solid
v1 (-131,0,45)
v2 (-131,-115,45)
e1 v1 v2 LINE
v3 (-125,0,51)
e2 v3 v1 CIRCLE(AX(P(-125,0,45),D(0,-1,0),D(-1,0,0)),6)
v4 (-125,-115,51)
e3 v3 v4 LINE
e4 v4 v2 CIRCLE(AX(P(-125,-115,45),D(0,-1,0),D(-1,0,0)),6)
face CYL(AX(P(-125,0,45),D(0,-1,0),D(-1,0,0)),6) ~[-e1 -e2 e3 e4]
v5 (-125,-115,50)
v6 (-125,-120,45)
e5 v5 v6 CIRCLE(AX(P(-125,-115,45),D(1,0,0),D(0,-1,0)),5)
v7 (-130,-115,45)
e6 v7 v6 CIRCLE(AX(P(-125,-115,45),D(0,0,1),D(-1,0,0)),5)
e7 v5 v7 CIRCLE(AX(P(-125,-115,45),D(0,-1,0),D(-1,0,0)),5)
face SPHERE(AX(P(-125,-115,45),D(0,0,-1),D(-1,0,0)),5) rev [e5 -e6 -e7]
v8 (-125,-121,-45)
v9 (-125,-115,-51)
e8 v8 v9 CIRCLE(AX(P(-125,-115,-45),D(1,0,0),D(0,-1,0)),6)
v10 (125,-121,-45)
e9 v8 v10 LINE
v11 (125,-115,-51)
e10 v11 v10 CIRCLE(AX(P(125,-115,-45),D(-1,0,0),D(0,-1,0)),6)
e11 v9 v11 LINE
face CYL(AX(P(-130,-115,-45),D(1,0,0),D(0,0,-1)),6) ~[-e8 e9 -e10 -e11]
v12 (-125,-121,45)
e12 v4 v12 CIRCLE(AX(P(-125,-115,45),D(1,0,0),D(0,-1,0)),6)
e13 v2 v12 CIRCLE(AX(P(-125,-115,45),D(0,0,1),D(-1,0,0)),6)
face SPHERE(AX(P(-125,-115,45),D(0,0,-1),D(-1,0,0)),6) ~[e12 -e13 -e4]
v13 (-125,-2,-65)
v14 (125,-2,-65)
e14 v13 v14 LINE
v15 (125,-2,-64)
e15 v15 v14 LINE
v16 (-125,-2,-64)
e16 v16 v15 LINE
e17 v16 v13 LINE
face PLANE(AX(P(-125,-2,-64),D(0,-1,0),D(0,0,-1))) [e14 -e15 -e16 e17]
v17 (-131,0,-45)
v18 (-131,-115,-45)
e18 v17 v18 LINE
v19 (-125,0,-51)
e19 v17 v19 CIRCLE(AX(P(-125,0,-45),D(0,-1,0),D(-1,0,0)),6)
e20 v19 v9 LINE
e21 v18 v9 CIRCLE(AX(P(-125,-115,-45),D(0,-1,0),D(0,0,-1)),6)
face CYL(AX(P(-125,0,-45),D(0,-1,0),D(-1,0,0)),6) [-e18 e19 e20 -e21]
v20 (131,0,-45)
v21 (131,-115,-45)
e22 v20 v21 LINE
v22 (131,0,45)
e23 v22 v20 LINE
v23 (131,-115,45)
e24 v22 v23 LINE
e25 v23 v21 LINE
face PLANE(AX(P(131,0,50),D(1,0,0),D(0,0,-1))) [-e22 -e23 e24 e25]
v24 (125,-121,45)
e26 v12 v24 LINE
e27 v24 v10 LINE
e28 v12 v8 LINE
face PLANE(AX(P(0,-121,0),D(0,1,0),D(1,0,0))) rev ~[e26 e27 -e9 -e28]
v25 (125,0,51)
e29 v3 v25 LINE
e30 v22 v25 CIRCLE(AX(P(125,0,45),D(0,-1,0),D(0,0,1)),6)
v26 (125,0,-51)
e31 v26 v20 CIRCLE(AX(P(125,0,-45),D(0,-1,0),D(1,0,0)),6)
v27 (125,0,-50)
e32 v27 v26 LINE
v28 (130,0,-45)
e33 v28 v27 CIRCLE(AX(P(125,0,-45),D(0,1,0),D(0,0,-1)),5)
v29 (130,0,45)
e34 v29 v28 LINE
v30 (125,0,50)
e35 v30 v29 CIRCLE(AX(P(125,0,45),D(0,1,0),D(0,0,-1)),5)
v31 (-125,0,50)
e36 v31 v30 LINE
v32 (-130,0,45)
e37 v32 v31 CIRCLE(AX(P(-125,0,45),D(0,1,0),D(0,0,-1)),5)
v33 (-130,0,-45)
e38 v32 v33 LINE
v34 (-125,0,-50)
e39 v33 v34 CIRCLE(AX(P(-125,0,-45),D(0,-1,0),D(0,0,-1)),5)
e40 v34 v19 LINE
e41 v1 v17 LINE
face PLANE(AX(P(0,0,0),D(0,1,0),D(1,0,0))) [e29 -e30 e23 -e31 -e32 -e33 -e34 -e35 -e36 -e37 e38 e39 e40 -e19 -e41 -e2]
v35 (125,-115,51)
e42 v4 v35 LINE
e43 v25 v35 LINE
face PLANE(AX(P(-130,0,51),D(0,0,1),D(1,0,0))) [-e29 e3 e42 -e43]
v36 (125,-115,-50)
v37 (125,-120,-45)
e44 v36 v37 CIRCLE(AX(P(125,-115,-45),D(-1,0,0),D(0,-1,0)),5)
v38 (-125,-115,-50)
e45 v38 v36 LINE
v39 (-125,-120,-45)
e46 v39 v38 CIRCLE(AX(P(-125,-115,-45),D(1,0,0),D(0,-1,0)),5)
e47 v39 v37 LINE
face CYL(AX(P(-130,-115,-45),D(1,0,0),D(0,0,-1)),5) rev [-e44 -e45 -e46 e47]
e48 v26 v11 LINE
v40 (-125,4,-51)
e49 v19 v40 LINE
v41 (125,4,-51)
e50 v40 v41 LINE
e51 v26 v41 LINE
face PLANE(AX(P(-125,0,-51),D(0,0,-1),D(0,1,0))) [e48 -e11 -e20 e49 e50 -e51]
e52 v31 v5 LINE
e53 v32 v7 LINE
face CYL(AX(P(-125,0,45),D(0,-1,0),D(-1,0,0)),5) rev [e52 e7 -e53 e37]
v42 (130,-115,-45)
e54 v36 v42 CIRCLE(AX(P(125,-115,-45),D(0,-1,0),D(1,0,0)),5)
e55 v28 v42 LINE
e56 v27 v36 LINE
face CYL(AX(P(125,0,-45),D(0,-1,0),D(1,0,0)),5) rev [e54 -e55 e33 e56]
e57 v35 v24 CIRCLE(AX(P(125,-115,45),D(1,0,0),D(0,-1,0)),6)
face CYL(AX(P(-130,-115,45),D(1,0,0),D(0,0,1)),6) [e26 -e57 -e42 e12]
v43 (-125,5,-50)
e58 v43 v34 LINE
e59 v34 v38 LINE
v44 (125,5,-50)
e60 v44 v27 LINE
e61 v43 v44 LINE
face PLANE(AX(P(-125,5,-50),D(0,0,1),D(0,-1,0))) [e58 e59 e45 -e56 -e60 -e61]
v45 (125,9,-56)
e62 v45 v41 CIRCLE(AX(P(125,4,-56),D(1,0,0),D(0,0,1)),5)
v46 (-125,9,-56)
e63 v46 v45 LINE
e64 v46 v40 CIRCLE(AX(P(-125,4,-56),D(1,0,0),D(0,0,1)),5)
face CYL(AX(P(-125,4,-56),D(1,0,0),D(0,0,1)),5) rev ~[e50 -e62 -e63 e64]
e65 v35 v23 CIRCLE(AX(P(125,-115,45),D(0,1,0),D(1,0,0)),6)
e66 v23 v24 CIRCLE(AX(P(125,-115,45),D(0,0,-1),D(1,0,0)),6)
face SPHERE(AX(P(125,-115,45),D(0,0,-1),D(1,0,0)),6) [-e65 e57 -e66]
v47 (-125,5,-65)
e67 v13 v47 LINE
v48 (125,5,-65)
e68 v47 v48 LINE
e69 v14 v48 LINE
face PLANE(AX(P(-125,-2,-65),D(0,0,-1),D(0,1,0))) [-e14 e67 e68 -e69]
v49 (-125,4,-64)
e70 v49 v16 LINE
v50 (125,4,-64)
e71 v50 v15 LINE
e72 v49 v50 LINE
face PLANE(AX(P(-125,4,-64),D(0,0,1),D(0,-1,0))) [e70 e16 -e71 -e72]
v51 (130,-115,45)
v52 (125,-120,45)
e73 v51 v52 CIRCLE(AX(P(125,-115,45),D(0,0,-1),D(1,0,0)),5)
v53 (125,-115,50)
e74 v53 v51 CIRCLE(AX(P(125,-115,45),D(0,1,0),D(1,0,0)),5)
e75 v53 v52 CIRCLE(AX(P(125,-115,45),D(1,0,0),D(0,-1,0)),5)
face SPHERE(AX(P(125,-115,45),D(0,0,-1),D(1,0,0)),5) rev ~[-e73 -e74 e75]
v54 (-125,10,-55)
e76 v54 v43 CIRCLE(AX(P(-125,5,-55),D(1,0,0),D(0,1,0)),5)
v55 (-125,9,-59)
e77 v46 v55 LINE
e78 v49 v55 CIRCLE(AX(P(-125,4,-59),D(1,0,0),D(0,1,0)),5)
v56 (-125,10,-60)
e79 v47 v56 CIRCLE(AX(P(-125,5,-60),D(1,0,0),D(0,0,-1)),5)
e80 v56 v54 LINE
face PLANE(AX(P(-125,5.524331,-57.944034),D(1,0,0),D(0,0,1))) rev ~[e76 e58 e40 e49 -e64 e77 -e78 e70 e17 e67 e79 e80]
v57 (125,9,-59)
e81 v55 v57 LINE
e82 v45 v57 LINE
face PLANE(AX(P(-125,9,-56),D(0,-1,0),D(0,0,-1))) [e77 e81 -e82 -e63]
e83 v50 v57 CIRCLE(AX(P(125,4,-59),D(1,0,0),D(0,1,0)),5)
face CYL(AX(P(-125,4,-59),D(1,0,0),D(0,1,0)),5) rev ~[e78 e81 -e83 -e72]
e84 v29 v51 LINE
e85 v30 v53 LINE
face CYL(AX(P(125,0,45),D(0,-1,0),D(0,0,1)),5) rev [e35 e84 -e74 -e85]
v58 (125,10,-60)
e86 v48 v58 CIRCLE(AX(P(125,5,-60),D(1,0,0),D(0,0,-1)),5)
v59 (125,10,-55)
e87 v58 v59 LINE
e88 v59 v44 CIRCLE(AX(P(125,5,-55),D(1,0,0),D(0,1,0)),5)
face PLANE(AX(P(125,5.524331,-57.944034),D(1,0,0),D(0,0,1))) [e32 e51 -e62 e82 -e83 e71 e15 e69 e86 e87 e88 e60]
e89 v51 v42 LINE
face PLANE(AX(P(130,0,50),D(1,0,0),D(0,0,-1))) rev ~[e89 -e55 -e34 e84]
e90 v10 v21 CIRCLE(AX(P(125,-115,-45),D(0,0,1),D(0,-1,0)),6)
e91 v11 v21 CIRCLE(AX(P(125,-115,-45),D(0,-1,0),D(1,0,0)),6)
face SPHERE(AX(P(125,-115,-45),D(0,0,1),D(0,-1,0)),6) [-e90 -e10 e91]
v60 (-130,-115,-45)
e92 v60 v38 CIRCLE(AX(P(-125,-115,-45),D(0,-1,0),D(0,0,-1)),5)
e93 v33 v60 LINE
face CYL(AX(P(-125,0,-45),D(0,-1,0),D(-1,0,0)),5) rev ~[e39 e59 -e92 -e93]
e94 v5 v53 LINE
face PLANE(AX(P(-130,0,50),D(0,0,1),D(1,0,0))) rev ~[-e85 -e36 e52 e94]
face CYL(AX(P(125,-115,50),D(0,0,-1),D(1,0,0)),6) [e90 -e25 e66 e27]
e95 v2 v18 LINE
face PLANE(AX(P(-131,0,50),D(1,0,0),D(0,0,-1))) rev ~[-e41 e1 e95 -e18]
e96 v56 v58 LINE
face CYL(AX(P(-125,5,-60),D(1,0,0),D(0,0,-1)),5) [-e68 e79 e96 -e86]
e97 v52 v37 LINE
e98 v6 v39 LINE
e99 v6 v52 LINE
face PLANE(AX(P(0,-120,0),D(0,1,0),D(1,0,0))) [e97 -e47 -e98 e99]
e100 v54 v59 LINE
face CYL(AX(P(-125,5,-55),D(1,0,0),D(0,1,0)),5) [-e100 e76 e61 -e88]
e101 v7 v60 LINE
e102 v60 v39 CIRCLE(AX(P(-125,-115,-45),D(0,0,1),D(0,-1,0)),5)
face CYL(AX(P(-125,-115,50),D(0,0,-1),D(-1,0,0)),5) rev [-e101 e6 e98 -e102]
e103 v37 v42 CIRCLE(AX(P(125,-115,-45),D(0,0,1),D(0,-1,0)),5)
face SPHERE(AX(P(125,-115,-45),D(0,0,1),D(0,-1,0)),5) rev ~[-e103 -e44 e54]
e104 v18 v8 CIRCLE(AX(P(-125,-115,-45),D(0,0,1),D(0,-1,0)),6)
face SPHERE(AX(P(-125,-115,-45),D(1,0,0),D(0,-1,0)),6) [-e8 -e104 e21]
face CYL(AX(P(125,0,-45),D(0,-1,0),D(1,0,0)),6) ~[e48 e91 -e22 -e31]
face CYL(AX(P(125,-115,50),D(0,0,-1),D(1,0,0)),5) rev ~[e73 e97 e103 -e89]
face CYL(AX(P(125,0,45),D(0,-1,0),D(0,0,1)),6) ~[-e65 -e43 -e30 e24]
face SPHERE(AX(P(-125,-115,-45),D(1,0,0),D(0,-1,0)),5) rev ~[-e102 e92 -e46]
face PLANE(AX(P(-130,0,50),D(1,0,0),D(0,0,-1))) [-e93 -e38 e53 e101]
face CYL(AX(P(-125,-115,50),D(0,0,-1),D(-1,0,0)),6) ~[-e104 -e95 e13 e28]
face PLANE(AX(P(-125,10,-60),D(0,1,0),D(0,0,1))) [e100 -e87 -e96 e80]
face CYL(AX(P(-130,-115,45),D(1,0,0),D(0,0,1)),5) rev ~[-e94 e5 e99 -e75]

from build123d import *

# Parameters (mm, degrees)
SKETCH1_W           = 260
SKETCH1_H           = 100
BOSS_EXTRUDE1_DEPTH = 120
FILLET1_R           = 5
SHELL1_T            = 1


with BuildPart() as part:
    # Sketch1 → Boss-Extrude1 (new body)
    with BuildSketch(Plane(origin=(0, 0, 0), x_dir=(1, 0, 0), z_dir=(0, 1, 0))):
        Rectangle(SKETCH1_W, SKETCH1_H)
    extrude(amount=-BOSS_EXTRUDE1_DEPTH)

    # Fillet1
    fillet1_edges = [part.edges().sort_by_distance(p)[0] for p in [
        (130, -120, 0),
        (0, -120, -50),
        (-130, -120, 0),
        (-130, -60, -50),
        (130, -60, -50),
        (130, -60, 50),
        (-130, -60, 50),
        (0, -120, 50),
    ]]
    fillet(fillet1_edges, radius=FILLET1_R)

    # Shell1
    shell1_openings = [part.faces().sort_by_distance(p)[0] for p in [
        (0, 0, 0),
    ]]
    offset(amount=SHELL1_T, openings=shell1_openings, kind=Kind.INTERSECTION)

    # Sweep1: sweep along a path in Sketch3
    with BuildLine(Plane(origin=(0, 0, 0), x_dir=(1, 0, 0), z_dir=(0, 1, 0))) as sweep1_path:
        Line((-125, 51), (125, 51))
    # Sketch2 → Sweep1 (sweep)
    with BuildSketch(Plane(origin=(0, 0, 0), x_dir=(0, 0, -1), z_dir=(1, 0, 0))):
        with BuildLine():
            Line((51, 0), (51, 4))
            ThreePointArc((51, 4), (52.464466094, 7.535533906), (56, 9))
            Line((56, 9), (59, 9))
            ThreePointArc((59, 9), (62.535533906, 7.535533906), (64, 4))
            Line((64, 4), (64, -2))
            Line((64, -2), (65, -2))
            Line((65, -2), (65, 5))
            ThreePointArc((65, 5), (63.535533906, 8.535533906), (60, 10))
            Line((60, 10), (55, 10))
            ThreePointArc((55, 10), (51.464466094, 8.535533906), (50, 5))
            Line((50, 5), (50, 0))
            Line((50, 0), (51, 0))
        make_face()
    sweep(path=sweep1_path.line)


solid = part.part
